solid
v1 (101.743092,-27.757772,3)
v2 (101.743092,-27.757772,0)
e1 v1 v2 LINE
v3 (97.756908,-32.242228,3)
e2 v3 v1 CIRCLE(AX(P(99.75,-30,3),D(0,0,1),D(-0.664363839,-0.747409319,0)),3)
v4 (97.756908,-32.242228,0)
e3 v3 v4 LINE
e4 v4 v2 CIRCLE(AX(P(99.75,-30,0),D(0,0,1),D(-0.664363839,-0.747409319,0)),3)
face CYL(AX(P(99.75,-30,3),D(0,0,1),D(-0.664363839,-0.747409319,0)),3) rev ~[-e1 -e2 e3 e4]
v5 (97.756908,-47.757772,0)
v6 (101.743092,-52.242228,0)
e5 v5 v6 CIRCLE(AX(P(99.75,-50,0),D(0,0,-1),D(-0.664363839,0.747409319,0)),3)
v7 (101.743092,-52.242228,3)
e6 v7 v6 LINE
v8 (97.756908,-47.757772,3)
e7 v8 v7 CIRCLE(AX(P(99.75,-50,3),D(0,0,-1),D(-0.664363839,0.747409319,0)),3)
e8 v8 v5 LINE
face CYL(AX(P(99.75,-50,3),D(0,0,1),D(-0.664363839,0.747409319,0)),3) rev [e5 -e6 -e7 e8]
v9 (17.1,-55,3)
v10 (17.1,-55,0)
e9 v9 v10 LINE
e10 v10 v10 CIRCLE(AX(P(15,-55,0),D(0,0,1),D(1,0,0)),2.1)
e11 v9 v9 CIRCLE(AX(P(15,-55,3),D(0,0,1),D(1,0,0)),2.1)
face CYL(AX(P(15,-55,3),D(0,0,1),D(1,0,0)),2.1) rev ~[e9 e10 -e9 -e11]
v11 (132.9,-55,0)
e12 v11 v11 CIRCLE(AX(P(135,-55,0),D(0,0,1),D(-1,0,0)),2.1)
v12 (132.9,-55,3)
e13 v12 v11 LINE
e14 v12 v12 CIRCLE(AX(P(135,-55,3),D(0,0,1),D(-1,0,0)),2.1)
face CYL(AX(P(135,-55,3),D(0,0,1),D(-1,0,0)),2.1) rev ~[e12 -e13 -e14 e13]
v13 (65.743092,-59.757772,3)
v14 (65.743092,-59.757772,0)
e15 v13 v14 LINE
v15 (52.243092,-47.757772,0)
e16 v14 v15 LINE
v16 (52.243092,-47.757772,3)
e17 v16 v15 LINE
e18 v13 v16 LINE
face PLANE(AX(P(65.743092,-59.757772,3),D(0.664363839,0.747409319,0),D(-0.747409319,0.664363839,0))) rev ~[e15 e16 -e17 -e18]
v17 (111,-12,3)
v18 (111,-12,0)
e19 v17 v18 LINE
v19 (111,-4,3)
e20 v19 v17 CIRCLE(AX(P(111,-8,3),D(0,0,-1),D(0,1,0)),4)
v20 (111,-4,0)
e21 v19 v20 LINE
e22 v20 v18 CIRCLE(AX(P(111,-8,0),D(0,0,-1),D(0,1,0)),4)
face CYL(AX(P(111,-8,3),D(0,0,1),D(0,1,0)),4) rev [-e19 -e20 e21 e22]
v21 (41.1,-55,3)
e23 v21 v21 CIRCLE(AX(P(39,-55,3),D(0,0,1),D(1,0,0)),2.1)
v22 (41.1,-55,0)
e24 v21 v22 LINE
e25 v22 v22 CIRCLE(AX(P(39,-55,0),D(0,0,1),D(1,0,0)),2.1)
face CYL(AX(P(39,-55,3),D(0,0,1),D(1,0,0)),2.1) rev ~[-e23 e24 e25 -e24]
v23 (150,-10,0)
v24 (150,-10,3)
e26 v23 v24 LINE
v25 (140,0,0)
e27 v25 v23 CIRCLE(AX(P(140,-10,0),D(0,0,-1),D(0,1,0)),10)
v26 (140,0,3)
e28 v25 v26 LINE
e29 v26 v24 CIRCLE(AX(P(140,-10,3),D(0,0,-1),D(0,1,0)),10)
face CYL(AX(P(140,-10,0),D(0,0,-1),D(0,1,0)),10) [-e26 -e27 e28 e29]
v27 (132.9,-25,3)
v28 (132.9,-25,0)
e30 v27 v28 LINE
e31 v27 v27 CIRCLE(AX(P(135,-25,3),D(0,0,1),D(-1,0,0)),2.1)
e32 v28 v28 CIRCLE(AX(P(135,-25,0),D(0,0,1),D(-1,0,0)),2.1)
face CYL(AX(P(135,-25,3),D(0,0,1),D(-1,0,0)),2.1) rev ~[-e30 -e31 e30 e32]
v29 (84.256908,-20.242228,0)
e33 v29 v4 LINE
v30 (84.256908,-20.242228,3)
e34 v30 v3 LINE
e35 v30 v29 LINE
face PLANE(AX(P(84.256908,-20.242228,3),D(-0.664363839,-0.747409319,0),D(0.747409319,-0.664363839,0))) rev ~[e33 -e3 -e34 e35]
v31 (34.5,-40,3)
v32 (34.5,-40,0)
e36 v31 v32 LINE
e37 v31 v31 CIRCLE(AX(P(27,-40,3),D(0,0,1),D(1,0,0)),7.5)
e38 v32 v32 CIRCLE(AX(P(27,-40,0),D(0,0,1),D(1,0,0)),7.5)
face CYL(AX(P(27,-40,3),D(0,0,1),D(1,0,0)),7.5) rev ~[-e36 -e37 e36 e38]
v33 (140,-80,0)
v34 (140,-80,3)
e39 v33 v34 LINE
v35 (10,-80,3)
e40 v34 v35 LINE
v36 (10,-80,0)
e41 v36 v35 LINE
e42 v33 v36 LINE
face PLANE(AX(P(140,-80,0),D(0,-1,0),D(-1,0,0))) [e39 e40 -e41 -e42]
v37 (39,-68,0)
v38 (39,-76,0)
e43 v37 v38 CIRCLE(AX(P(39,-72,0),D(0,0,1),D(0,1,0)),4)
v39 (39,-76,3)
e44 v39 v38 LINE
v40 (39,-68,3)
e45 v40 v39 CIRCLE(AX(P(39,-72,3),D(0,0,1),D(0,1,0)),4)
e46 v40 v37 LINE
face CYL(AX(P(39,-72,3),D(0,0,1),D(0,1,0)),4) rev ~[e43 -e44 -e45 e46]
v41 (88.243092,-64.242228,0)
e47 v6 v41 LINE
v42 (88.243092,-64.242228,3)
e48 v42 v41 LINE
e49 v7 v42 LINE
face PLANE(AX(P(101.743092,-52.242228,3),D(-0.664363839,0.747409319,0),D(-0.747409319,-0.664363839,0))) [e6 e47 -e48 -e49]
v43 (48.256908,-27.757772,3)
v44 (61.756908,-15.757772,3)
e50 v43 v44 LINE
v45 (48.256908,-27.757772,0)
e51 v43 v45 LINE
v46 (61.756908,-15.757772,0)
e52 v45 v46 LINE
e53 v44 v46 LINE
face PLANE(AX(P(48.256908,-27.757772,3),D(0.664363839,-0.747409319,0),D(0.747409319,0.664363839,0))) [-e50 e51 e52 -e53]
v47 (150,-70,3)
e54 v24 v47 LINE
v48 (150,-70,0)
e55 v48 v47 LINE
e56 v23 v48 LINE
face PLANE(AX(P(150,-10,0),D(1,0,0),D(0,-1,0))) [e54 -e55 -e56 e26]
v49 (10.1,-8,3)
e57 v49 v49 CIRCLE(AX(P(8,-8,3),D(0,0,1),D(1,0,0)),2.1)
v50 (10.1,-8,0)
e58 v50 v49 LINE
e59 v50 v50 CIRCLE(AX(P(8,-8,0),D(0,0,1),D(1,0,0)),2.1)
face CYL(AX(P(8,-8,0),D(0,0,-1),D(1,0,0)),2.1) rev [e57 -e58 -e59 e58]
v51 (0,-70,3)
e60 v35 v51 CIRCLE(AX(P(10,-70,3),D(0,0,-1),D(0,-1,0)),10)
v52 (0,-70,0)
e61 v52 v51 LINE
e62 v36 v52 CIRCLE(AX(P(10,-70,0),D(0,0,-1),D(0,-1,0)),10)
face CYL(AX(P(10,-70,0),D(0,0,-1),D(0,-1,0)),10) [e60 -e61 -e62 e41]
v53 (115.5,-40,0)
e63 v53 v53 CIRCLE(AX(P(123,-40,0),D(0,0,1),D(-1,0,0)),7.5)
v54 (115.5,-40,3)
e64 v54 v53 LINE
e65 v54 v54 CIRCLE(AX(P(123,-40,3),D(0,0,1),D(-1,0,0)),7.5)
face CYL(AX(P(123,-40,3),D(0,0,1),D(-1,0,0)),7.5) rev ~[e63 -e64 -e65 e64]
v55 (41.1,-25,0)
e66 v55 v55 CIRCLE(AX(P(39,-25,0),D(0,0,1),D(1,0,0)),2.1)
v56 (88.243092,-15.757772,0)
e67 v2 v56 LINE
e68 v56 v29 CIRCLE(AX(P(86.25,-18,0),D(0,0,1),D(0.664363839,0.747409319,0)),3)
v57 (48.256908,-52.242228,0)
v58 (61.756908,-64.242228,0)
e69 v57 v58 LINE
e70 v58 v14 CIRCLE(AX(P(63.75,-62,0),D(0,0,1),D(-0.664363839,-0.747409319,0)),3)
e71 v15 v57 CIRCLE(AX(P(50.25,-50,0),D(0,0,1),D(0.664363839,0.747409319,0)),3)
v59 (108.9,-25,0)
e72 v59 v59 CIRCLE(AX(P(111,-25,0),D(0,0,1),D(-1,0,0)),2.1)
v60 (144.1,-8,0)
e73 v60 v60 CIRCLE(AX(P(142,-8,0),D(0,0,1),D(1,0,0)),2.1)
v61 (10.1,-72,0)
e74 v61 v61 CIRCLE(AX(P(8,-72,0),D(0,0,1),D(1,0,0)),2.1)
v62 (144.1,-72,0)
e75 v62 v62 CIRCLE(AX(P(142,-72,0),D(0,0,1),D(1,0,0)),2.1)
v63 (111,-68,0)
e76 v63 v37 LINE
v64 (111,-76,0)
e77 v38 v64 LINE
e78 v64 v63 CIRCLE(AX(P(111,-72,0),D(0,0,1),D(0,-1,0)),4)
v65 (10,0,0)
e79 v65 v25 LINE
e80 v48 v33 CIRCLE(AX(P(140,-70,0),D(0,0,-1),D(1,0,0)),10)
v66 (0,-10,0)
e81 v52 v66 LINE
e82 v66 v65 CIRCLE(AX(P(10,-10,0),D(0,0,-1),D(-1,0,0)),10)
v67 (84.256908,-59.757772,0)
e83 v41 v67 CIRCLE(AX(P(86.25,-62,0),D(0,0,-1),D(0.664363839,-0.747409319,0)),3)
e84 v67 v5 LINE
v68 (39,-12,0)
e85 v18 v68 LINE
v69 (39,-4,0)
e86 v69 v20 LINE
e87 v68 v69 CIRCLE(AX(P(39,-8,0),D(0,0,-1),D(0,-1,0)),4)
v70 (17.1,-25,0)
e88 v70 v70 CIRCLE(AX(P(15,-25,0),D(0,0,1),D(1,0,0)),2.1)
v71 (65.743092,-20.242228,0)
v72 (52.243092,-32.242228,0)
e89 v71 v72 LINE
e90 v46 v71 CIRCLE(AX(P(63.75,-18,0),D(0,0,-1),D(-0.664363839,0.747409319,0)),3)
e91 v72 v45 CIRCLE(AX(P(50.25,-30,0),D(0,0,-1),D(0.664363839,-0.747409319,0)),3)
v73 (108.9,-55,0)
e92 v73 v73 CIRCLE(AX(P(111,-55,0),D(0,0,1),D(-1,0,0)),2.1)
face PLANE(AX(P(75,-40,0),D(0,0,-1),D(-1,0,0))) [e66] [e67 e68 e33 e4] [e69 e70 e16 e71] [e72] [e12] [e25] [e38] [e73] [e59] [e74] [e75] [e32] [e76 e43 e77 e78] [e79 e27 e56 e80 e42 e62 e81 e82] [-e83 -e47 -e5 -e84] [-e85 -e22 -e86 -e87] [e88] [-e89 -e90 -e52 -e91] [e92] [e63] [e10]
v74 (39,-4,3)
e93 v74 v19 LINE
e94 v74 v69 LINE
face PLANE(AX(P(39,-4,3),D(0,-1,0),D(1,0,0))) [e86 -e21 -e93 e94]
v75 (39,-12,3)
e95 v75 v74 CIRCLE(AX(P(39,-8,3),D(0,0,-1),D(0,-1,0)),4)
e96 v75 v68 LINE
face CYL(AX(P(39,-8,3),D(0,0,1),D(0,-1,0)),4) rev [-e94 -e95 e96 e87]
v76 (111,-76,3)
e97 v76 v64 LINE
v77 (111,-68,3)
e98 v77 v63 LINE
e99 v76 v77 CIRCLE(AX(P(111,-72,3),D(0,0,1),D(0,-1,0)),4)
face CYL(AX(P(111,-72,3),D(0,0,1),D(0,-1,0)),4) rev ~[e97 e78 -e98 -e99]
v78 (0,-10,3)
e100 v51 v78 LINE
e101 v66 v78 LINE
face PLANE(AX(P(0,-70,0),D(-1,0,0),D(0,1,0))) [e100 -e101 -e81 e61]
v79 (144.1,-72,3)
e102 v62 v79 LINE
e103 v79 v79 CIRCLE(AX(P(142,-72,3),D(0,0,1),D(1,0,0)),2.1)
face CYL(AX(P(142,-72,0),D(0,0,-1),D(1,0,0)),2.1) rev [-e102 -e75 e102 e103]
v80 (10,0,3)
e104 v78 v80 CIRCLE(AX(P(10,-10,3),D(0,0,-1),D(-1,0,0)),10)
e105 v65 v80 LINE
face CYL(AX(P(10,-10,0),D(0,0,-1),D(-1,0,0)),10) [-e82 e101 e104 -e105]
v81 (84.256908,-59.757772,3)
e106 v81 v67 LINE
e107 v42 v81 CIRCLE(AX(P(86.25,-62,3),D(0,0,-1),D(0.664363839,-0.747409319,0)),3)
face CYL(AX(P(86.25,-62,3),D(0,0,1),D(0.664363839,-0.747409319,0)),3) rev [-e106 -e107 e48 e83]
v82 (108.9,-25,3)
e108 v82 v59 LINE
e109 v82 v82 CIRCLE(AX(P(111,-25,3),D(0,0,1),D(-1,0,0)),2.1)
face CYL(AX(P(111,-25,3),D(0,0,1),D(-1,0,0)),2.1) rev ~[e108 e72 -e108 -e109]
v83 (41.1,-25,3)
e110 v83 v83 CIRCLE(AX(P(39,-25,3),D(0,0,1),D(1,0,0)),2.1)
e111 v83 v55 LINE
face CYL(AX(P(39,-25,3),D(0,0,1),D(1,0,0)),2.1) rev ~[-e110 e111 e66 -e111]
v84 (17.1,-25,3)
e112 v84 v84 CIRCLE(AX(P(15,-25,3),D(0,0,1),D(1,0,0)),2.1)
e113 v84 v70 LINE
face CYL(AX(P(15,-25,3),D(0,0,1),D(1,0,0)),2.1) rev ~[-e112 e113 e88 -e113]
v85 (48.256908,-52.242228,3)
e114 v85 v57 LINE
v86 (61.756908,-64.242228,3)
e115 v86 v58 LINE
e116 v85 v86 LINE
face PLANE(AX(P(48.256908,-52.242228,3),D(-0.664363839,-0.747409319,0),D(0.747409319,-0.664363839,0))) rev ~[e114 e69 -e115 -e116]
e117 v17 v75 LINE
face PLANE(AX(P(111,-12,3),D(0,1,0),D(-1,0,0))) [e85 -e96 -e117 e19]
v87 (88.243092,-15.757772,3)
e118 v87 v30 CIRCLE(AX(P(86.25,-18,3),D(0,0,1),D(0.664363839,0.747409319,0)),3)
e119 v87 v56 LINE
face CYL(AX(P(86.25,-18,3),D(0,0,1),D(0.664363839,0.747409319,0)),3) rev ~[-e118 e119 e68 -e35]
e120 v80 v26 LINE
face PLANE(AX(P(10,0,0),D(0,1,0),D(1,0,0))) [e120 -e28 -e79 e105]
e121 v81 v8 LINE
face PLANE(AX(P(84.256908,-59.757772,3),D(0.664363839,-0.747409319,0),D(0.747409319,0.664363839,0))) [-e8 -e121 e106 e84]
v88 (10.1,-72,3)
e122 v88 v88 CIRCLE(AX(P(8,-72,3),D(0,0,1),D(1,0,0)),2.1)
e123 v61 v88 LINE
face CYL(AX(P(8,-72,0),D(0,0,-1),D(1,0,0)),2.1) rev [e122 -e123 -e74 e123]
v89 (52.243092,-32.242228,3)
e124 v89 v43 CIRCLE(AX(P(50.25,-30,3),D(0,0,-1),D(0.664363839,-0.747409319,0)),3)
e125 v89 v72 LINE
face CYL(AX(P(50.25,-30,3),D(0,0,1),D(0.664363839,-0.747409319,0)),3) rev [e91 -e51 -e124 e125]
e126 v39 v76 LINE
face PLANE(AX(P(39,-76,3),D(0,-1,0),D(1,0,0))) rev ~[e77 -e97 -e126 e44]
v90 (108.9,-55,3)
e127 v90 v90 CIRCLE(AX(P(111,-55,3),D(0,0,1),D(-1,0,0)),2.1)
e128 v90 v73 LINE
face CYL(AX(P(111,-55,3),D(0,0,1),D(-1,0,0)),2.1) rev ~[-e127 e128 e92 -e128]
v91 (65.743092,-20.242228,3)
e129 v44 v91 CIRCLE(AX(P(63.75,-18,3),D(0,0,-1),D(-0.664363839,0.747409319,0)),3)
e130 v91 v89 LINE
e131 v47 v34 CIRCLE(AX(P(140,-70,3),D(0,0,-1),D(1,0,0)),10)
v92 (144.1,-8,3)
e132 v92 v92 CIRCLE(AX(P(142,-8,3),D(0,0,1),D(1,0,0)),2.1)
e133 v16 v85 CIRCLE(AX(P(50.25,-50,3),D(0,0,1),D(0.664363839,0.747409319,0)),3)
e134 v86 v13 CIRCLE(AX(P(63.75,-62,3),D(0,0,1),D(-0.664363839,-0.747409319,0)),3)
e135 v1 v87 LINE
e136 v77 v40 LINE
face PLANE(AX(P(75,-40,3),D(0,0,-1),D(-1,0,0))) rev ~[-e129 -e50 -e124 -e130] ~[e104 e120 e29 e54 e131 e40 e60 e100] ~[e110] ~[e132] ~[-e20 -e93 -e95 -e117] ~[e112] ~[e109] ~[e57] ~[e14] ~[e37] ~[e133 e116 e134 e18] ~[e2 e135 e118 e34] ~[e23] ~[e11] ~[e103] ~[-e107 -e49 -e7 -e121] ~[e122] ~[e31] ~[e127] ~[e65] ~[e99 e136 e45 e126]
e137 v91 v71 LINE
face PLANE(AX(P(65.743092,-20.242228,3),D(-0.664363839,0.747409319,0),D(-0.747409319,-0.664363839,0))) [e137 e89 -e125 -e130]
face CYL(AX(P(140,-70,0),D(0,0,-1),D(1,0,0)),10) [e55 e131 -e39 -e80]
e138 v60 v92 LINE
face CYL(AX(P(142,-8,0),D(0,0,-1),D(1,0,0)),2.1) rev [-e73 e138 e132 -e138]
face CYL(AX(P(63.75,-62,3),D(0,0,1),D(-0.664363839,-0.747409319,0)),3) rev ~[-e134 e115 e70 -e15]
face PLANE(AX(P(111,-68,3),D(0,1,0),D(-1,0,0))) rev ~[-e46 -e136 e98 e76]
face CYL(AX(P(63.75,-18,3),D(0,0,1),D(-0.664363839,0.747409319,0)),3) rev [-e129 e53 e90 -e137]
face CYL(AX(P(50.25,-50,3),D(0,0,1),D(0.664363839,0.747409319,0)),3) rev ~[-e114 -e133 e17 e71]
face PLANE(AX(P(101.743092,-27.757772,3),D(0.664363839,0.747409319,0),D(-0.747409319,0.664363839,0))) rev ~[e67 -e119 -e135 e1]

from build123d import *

# Parameters (mm, degrees)
SKETCH_1_R          = 2.1
EXTRUDE_1_DEPTH     = 3
SKETCH_2_R          = 2.1
CUT_EXTRUDE_1_DEPTH = 3
SKETCH_3_R          = 7.5
CUT_EXTRUDE_2_DEPTH = 3


with BuildPart() as part:
    # 草图1 → 凸台-拉伸1 (new body)
    with BuildSketch(Plane.XY):
        with BuildLine():
            Line((10, 0), (140, 0))
            ThreePointArc((140, 0), (147.071067812, -2.928932188), (150, -10))
            Line((150, -10), (150, -70))
            ThreePointArc((150, -70), (147.071067812, -77.071067812), (140, -80))
            Line((140, -80), (10, -80))
            ThreePointArc((10, -80), (2.928932188, -77.071067812), (0, -70))
            Line((0, -70), (0, -10))
            ThreePointArc((0, -10), (2.928932188, -2.928932188), (10, 0))
        make_face()
        with Locations((8, -8)):
            Circle(SKETCH_1_R, mode=Mode.SUBTRACT)
        with Locations((8, -72)):
            Circle(SKETCH_1_R, mode=Mode.SUBTRACT)
        with Locations((142, -72)):
            Circle(SKETCH_1_R, mode=Mode.SUBTRACT)
        with Locations((142, -8)):
            Circle(SKETCH_1_R, mode=Mode.SUBTRACT)
    extrude(amount=EXTRUDE_1_DEPTH)

    # 草图2 → 切除-拉伸1 (cut)
    with BuildSketch(Plane.XY.offset(3)):
        with Locations((15, -25)):
            Circle(SKETCH_2_R)
        with Locations((39, -25)):
            Circle(SKETCH_2_R)
        with Locations((39, -55)):
            Circle(SKETCH_2_R)
        with Locations((15, -55)):
            Circle(SKETCH_2_R)
        with Locations(Location((111, -55, 0), (0, 0, 180))):
            Circle(SKETCH_2_R)
        with Locations(Location((111, -25, 0), (0, 0, 180))):
            Circle(SKETCH_2_R)
        with Locations(Location((135, -25, 0), (0, 0, 180))):
            Circle(SKETCH_2_R)
        with Locations(Location((135, -55, 0), (0, 0, 180))):
            Circle(SKETCH_2_R)
    extrude(amount=-CUT_EXTRUDE_1_DEPTH, mode=Mode.SUBTRACT)

    # 草图3 → 切除-拉伸2 (cut)
    with BuildSketch(Plane.XY.offset(3)):
        with Locations((27, -40)):
            Circle(SKETCH_3_R)
        with Locations(Location((123, -40, 0), (0, 0, 180))):
            Circle(SKETCH_3_R)
        with BuildLine():
            Line((39, -4), (111, -4))
            ThreePointArc((111, -4), (115, -8), (111, -12))
            Line((111, -12), (39, -12))
            ThreePointArc((39, -12), (35, -8), (39, -4))
        make_face()
        with BuildLine():
            Line((39, -76), (111, -76))
            ThreePointArc((111, -76), (115, -72), (111, -68))
            Line((111, -68), (39, -68))
            ThreePointArc((39, -68), (35, -72), (39, -76))
        make_face()
        with BuildLine():
            Line((65.743091516, -20.242227956), (52.243091516, -32.242227956))
            ThreePointArc((52.243091516, -32.242227956), (48.007772044, -31.993091516), (48.256908484, -27.757772044))
            Line((48.256908484, -27.757772044), (61.756908484, -15.757772044))
            ThreePointArc((61.756908484, -15.757772044), (65.992227956, -16.006908484), (65.743091516, -20.242227956))
        make_face()
        with BuildLine():
            Line((65.743091516, -59.757772044), (52.243091516, -47.757772044))
            ThreePointArc((52.243091516, -47.757772044), (48.007772044, -48.006908484), (48.256908484, -52.242227956))
            Line((48.256908484, -52.242227956), (61.756908484, -64.242227956))
            ThreePointArc((61.756908484, -64.242227956), (65.992227956, -63.993091516), (65.743091516, -59.757772044))
        make_face()
        with BuildLine():
            Line((84.256908484, -20.242227956), (97.756908484, -32.242227956))
            ThreePointArc((97.756908484, -32.242227956), (101.992227956, -31.993091516), (101.743091516, -27.757772044))
            Line((101.743091516, -27.757772044), (88.243091516, -15.757772044))
            ThreePointArc((88.243091516, -15.757772044), (84.007772044, -16.006908484), (84.256908484, -20.242227956))
        make_face()
        with BuildLine():
            Line((84.256908484, -59.757772044), (97.756908484, -47.757772044))
            ThreePointArc((97.756908484, -47.757772044), (101.992227956, -48.006908484), (101.743091516, -52.242227956))
            Line((101.743091516, -52.242227956), (88.243091516, -64.242227956))
            ThreePointArc((88.243091516, -64.242227956), (84.007772044, -63.993091516), (84.256908484, -59.757772044))
        make_face()
    extrude(amount=-CUT_EXTRUDE_2_DEPTH, mode=Mode.SUBTRACT)


solid = part.part
